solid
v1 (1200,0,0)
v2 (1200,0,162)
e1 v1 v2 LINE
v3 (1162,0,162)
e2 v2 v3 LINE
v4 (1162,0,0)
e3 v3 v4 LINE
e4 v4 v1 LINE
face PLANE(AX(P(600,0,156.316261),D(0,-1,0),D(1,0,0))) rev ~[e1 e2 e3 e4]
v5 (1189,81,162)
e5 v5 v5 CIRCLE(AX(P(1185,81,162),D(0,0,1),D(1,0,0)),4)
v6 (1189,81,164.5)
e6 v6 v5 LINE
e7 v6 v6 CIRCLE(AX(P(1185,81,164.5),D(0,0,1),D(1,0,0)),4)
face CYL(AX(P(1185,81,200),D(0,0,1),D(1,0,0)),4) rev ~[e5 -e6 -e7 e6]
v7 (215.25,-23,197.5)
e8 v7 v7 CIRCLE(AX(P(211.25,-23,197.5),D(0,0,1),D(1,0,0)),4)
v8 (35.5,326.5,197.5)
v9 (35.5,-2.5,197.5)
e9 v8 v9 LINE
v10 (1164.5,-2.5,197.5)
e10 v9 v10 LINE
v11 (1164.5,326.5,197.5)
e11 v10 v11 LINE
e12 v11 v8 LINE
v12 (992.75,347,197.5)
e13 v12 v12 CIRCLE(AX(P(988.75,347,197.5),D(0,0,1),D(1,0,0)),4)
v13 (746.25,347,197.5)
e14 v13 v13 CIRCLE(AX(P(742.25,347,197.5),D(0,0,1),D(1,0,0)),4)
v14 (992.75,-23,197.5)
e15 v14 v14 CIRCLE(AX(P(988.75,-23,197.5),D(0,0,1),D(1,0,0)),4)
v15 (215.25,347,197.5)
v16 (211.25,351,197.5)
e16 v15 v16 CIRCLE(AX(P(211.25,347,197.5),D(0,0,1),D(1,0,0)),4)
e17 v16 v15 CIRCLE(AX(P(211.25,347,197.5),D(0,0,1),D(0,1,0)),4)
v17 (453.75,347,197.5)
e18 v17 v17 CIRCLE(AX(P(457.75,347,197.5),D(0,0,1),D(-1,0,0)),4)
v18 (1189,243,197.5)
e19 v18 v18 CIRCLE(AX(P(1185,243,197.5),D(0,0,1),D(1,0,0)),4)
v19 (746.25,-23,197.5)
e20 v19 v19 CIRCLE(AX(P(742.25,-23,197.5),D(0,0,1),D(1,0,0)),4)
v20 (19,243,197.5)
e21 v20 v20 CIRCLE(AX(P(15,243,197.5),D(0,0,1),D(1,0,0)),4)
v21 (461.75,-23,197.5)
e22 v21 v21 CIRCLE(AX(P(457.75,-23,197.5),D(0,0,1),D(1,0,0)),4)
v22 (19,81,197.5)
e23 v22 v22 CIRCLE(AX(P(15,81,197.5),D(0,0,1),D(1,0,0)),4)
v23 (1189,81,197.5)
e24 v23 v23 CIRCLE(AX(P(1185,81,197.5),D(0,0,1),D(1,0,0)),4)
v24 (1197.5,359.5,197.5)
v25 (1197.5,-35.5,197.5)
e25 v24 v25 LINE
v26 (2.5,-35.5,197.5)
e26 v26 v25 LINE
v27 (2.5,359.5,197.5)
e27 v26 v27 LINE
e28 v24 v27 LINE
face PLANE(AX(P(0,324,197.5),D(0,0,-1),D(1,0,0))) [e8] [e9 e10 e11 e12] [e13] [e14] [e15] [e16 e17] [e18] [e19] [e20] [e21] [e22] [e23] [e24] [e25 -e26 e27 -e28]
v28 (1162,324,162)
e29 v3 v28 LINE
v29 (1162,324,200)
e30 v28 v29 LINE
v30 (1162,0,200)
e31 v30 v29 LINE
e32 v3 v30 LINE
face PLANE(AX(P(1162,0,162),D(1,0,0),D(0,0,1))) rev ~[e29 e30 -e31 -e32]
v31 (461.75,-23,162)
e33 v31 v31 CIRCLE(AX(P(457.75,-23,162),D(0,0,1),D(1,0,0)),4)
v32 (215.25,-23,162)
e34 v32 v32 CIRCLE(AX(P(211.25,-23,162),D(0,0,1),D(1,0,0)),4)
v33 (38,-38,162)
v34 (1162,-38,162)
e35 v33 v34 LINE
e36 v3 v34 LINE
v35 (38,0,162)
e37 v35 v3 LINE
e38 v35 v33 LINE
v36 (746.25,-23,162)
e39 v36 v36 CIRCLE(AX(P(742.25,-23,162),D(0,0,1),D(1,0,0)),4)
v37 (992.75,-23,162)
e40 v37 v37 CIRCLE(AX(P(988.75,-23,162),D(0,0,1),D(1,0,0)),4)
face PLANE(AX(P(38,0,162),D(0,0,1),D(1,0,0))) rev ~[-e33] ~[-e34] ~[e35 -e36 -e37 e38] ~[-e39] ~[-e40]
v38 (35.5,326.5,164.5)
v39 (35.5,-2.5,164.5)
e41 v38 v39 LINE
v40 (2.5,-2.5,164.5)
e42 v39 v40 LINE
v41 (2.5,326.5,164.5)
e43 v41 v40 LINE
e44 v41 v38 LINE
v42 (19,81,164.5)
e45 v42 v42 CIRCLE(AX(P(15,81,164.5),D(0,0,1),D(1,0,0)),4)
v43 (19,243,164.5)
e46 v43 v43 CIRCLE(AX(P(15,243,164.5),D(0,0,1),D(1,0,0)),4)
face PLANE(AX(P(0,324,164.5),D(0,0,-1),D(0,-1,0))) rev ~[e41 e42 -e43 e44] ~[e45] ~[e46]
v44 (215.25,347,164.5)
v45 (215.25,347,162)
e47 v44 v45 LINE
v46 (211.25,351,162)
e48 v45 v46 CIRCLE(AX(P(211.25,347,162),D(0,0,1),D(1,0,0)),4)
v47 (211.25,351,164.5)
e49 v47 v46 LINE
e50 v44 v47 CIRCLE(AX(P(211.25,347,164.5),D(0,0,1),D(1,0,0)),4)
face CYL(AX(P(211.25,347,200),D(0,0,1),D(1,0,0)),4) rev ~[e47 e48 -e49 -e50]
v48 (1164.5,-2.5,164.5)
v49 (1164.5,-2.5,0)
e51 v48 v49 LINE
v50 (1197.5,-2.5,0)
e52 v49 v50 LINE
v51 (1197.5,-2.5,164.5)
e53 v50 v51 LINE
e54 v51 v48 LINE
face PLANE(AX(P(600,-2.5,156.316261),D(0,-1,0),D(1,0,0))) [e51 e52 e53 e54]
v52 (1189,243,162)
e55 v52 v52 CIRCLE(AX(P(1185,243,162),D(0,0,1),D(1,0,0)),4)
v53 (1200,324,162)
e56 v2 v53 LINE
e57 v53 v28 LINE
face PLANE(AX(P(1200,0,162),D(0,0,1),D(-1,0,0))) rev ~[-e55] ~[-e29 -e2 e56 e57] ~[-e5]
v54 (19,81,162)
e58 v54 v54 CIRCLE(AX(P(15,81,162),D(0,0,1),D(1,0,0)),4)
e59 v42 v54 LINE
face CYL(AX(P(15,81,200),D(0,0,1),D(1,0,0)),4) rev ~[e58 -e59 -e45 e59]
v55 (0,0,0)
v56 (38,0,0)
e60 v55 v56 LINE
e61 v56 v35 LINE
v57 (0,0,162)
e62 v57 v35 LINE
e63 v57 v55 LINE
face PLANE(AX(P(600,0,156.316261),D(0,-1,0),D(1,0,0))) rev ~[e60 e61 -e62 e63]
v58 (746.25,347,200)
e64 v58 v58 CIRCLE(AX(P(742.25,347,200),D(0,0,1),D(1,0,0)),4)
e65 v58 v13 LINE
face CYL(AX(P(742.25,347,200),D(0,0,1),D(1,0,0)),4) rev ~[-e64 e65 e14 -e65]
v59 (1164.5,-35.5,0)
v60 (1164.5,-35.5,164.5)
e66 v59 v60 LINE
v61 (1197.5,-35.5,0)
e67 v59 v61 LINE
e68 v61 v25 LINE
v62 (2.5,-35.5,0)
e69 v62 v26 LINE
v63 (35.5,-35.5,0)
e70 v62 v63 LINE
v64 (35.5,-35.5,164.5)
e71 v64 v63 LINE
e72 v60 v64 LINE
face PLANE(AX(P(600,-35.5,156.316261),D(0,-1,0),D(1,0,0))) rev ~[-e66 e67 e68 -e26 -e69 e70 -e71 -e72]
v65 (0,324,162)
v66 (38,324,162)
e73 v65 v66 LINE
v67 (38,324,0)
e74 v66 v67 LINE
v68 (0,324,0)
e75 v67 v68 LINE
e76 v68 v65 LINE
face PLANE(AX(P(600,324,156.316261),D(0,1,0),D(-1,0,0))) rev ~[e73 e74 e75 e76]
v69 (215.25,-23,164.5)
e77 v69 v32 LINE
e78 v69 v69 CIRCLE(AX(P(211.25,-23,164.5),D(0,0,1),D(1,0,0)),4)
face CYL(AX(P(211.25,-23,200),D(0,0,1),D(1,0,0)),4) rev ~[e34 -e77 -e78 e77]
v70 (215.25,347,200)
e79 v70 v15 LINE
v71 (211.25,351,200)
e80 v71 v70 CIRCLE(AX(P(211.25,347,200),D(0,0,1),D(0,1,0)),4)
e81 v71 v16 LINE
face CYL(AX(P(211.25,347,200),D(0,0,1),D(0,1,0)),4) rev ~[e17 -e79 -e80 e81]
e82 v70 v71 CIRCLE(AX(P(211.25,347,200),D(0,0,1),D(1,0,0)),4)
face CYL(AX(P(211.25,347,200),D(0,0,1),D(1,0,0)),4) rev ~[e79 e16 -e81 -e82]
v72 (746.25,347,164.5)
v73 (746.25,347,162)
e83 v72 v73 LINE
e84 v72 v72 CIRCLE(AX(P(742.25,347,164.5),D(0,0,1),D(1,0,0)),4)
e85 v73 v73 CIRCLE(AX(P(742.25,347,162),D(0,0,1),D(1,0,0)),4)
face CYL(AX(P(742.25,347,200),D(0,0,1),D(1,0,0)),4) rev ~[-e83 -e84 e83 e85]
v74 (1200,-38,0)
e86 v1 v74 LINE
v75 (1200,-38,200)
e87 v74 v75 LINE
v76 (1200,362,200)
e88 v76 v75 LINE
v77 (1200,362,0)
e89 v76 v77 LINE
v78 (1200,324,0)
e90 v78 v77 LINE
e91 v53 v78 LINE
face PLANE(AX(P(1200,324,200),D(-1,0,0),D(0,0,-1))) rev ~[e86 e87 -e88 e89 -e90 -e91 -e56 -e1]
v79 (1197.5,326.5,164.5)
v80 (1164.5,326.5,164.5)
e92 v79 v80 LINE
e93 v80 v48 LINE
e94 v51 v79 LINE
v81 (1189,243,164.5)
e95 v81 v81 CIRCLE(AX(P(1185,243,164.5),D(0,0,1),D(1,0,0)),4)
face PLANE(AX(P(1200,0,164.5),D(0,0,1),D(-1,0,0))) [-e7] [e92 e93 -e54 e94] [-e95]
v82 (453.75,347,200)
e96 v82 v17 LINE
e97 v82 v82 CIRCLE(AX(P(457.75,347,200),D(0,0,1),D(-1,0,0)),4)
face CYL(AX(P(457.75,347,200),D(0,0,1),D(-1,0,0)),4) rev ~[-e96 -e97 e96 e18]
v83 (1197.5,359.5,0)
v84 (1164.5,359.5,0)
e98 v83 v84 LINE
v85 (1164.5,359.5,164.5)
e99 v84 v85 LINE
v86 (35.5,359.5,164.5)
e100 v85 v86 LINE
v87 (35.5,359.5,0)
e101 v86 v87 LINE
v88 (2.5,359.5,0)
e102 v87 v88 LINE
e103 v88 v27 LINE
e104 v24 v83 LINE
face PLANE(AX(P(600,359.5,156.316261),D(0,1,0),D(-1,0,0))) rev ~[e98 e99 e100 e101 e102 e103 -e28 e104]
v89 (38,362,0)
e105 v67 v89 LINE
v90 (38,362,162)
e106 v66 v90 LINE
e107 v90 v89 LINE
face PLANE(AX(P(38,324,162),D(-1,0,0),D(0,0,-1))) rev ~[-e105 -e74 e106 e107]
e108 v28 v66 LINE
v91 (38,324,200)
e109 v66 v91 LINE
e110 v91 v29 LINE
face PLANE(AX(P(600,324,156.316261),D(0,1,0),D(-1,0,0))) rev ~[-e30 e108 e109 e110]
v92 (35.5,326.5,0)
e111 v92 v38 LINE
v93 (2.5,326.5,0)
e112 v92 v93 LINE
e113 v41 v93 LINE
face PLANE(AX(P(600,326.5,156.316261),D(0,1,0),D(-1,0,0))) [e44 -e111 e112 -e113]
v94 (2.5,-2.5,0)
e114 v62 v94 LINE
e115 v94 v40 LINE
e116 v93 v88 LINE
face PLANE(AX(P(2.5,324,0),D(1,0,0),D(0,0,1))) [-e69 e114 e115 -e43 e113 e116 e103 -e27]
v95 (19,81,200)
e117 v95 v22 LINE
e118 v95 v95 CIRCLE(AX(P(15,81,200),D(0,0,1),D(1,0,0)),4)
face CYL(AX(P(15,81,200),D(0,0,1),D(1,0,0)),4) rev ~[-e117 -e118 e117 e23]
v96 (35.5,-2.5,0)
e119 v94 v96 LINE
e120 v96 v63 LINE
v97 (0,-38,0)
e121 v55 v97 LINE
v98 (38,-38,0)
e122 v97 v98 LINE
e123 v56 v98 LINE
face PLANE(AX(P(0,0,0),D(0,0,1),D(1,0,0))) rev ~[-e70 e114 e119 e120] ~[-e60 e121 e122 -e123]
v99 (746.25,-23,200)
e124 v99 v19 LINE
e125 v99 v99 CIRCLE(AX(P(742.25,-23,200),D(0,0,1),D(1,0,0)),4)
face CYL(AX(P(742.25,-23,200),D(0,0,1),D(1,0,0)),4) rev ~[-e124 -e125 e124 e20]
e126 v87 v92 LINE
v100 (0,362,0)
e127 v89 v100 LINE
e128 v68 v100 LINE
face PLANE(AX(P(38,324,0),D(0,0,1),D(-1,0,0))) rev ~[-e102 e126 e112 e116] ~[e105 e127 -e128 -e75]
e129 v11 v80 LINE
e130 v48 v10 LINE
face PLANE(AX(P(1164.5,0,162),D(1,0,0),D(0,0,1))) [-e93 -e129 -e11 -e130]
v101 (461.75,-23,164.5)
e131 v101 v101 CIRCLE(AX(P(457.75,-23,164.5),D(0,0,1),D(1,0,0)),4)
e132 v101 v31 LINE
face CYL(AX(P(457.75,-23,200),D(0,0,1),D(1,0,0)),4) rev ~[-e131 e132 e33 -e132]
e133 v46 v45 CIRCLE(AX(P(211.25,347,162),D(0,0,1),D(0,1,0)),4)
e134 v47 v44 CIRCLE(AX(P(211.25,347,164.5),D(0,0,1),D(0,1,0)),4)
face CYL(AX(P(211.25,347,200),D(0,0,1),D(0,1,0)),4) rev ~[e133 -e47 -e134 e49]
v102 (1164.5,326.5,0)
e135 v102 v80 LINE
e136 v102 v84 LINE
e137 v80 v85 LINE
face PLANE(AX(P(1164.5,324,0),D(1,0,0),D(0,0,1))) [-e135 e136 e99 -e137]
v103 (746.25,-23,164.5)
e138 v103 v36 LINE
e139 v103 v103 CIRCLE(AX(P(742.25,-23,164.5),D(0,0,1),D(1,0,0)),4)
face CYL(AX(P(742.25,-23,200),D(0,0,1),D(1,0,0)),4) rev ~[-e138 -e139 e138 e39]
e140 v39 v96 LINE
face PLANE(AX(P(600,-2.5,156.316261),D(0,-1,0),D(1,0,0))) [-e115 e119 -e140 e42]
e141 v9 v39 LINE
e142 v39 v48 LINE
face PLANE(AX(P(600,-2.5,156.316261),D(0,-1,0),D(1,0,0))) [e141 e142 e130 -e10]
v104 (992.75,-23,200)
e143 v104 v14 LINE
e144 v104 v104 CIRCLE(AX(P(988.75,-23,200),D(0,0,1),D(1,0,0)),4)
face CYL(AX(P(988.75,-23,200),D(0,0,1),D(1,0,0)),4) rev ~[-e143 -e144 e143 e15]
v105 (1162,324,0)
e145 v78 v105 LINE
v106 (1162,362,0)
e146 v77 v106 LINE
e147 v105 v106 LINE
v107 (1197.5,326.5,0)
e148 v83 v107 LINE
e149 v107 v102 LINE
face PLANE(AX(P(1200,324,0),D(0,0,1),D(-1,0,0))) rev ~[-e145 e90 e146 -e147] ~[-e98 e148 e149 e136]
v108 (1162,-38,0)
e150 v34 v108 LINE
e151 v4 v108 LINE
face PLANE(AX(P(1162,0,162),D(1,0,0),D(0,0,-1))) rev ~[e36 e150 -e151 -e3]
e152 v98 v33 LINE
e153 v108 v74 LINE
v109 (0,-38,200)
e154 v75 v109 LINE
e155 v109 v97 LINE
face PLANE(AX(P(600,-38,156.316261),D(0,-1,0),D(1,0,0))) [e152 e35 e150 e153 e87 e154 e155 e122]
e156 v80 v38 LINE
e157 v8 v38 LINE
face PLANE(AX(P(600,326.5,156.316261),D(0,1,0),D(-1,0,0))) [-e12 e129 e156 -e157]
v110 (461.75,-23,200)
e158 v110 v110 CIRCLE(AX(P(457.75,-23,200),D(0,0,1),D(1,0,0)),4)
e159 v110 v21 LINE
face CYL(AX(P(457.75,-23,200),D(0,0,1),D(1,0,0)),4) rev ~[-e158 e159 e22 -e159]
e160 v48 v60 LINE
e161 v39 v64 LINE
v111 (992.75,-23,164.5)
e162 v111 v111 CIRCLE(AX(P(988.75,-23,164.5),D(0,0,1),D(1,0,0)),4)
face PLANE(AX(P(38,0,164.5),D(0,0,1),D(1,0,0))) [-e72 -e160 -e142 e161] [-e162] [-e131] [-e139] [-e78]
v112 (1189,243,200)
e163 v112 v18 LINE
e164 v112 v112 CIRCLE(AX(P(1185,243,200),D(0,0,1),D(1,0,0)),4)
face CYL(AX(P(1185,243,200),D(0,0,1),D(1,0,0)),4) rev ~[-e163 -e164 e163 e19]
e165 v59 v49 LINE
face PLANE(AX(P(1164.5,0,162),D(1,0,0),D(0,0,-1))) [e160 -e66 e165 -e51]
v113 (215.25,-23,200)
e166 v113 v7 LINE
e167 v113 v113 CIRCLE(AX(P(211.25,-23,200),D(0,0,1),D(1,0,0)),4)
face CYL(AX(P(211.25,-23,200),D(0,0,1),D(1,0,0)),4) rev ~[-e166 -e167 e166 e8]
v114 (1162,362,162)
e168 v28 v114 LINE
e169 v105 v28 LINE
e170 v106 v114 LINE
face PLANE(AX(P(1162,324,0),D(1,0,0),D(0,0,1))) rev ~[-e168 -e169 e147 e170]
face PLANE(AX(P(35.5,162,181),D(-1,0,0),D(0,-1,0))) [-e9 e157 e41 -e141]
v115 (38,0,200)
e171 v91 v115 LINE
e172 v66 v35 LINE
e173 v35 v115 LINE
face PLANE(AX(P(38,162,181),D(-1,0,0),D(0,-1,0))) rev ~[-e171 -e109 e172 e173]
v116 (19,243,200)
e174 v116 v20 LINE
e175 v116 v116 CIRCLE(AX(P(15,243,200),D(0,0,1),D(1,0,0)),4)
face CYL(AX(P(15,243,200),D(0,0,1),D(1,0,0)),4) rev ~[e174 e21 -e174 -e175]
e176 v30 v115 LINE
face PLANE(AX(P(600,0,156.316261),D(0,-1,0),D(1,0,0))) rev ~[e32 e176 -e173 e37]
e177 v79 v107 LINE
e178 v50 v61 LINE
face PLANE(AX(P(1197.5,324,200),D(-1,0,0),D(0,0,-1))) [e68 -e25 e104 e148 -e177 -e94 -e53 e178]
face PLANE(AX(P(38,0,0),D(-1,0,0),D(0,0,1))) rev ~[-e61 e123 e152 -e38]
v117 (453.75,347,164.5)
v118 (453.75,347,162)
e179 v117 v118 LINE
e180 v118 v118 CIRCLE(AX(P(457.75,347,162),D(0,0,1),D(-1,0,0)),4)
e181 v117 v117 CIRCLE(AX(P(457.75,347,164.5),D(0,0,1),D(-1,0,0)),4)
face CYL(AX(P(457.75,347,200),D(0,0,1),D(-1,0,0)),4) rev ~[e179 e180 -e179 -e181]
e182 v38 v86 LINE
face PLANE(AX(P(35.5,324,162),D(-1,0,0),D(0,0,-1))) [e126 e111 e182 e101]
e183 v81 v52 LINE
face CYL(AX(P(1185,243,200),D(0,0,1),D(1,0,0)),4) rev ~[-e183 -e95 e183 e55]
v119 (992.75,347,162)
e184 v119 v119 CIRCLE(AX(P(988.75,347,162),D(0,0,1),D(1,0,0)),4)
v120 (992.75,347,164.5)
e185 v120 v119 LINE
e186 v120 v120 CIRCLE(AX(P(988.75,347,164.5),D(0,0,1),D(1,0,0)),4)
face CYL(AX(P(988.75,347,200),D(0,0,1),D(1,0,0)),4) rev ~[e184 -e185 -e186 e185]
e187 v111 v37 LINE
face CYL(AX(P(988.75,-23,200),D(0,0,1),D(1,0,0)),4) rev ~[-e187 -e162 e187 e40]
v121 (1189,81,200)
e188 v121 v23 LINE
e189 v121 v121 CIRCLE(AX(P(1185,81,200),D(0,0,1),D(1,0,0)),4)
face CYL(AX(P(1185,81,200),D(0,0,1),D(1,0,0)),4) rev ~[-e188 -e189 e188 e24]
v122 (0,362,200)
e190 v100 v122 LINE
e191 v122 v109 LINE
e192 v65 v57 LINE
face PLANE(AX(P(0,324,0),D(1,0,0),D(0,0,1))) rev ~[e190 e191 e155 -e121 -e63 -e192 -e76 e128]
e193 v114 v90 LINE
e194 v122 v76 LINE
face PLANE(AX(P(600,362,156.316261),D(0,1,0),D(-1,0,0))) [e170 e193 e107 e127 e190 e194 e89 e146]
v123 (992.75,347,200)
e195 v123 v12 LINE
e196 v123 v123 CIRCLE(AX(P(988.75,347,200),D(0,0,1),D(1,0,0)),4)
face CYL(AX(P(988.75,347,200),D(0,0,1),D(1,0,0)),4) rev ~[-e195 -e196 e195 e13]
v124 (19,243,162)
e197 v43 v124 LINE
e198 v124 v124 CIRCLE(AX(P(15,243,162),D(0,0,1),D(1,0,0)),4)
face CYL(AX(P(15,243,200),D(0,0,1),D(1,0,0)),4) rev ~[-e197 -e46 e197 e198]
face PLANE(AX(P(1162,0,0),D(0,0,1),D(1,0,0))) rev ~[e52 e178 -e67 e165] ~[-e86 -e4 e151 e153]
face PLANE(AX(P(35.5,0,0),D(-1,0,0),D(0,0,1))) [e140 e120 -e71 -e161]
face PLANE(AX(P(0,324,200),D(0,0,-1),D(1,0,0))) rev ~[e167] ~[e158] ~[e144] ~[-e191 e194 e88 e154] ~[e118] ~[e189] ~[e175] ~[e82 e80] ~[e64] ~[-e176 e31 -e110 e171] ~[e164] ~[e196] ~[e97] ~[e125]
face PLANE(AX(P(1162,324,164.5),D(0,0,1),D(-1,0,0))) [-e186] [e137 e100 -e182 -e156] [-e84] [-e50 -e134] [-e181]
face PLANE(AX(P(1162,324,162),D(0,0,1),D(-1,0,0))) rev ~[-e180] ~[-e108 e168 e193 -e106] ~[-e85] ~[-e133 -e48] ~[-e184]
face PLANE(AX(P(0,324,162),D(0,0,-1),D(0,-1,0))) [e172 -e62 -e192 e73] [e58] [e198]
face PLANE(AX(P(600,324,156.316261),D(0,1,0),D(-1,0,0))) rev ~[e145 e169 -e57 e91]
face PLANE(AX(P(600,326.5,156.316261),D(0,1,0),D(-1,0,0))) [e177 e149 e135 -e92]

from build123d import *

# Parameters (mm, degrees)
F1_DEPTH  = 38
F2_W      = 324
F2_H      = 38
F3_DEPTH  = 38
F4_W      = 38
F4_H      = 38
F5_DEPTH  = 324
F7_DEPTH  = 38
F8_T      = -2.5
F9_R      = 4
F10_DEPTH = 200.001


with BuildPart() as f1:
    # F0 (on Front) → F1 (new body)
    with BuildSketch(Plane.XZ):
        Polygon((0, 200), (0, 0), (38, 0), (38, 162), (1162, 162), (1162, 0), (1200, 0), (1200, 200), (1162, 200), (38, 200), align=None)
    extrude(amount=F1_DEPTH)

    # F2 (on face) → F3 (join)
    with BuildSketch(Plane(origin=(0, 0, 0), x_dir=(0, -1, 0), z_dir=(-1, 0, 0))):
        with Locations((-162, 181)):
            Rectangle(F2_W, F2_H)
    extrude(amount=-F3_DEPTH)

    # F4 (on face) → F5 (join)
    with BuildSketch(Plane(origin=(0, 0, 0), x_dir=(-1, 0, 0), z_dir=(0, 1, 0))):
        with Locations((-1181, 181)):
            Rectangle(F4_W, F4_H)
    extrude(amount=F5_DEPTH)

    # F6 (on face) → F7 (join)
    with BuildSketch(Plane(origin=(0, 324, 0), x_dir=(-1, 0, 0), z_dir=(0, 1, 0))):
        Polygon((-1162, 200), (-1200, 200), (-1200, 162), (-1200, 0), (-1162, 0), (-1162, 162), (-38, 162), (-38, 0), (0, 0), (0, 162), (0, 200), (-38, 200), align=None)
    extrude(amount=F7_DEPTH)

    # F8
    f8_openings = [f1.faces().sort_by_distance(p)[0] for p in [
        (19, 343, 0),
        (19, -19, 0),
        (1181, -19, 0),
        (1181, 343, 0),
    ]]
    offset(amount=F8_T, openings=f8_openings, kind=Kind.INTERSECTION)

    # F9 (on face) → F10 (cut, through all)
    with BuildSketch(Plane.XY.offset(200)):
        with BuildLine():
            ThreePointArc((215.25, 347), (214.0784271247, 349.8284271247), (211.25, 351))
            Line((211.25, 351), (211.25, 347))
            Line((211.25, 347), (215.25, 347))
        make_face()
        with BuildLine():
            ThreePointArc((461.75, 347), (457.75, 351), (453.75, 347))
            ThreePointArc((453.75, 347), (457.75, 343), (461.75, 347))
        make_face()
        with BuildLine():
            Line((211.25, 347), (211.25, 351))
            ThreePointArc((211.25, 351), (208.4215728753, 344.1715728753), (215.25, 347))
            Line((215.25, 347), (211.25, 347))
        make_face()
        with Locations((988.75, 347)):
            Circle(F9_R)
        with Locations((742.25, 347)):
            Circle(F9_R)
        with Locations((211.25, -23)):
            Circle(F9_R)
        with Locations((457.75, -23)):
            Circle(F9_R)
        with Locations((742.25, -23)):
            Circle(F9_R)
        with Locations((988.75, -23)):
            Circle(F9_R)
        with BuildLine():
            ThreePointArc((11, 81), (15, 77), (19, 81))
            ThreePointArc((19, 81), (15, 85), (11, 81))
        make_face()
        with Locations((15, 243)):
            Circle(F9_R)
        with Locations((1185, 243)):
            Circle(F9_R)
        with Locations((1185, 81)):
            Circle(F9_R)
    extrude(amount=-F10_DEPTH, mode=Mode.SUBTRACT)


solid = f1.part
